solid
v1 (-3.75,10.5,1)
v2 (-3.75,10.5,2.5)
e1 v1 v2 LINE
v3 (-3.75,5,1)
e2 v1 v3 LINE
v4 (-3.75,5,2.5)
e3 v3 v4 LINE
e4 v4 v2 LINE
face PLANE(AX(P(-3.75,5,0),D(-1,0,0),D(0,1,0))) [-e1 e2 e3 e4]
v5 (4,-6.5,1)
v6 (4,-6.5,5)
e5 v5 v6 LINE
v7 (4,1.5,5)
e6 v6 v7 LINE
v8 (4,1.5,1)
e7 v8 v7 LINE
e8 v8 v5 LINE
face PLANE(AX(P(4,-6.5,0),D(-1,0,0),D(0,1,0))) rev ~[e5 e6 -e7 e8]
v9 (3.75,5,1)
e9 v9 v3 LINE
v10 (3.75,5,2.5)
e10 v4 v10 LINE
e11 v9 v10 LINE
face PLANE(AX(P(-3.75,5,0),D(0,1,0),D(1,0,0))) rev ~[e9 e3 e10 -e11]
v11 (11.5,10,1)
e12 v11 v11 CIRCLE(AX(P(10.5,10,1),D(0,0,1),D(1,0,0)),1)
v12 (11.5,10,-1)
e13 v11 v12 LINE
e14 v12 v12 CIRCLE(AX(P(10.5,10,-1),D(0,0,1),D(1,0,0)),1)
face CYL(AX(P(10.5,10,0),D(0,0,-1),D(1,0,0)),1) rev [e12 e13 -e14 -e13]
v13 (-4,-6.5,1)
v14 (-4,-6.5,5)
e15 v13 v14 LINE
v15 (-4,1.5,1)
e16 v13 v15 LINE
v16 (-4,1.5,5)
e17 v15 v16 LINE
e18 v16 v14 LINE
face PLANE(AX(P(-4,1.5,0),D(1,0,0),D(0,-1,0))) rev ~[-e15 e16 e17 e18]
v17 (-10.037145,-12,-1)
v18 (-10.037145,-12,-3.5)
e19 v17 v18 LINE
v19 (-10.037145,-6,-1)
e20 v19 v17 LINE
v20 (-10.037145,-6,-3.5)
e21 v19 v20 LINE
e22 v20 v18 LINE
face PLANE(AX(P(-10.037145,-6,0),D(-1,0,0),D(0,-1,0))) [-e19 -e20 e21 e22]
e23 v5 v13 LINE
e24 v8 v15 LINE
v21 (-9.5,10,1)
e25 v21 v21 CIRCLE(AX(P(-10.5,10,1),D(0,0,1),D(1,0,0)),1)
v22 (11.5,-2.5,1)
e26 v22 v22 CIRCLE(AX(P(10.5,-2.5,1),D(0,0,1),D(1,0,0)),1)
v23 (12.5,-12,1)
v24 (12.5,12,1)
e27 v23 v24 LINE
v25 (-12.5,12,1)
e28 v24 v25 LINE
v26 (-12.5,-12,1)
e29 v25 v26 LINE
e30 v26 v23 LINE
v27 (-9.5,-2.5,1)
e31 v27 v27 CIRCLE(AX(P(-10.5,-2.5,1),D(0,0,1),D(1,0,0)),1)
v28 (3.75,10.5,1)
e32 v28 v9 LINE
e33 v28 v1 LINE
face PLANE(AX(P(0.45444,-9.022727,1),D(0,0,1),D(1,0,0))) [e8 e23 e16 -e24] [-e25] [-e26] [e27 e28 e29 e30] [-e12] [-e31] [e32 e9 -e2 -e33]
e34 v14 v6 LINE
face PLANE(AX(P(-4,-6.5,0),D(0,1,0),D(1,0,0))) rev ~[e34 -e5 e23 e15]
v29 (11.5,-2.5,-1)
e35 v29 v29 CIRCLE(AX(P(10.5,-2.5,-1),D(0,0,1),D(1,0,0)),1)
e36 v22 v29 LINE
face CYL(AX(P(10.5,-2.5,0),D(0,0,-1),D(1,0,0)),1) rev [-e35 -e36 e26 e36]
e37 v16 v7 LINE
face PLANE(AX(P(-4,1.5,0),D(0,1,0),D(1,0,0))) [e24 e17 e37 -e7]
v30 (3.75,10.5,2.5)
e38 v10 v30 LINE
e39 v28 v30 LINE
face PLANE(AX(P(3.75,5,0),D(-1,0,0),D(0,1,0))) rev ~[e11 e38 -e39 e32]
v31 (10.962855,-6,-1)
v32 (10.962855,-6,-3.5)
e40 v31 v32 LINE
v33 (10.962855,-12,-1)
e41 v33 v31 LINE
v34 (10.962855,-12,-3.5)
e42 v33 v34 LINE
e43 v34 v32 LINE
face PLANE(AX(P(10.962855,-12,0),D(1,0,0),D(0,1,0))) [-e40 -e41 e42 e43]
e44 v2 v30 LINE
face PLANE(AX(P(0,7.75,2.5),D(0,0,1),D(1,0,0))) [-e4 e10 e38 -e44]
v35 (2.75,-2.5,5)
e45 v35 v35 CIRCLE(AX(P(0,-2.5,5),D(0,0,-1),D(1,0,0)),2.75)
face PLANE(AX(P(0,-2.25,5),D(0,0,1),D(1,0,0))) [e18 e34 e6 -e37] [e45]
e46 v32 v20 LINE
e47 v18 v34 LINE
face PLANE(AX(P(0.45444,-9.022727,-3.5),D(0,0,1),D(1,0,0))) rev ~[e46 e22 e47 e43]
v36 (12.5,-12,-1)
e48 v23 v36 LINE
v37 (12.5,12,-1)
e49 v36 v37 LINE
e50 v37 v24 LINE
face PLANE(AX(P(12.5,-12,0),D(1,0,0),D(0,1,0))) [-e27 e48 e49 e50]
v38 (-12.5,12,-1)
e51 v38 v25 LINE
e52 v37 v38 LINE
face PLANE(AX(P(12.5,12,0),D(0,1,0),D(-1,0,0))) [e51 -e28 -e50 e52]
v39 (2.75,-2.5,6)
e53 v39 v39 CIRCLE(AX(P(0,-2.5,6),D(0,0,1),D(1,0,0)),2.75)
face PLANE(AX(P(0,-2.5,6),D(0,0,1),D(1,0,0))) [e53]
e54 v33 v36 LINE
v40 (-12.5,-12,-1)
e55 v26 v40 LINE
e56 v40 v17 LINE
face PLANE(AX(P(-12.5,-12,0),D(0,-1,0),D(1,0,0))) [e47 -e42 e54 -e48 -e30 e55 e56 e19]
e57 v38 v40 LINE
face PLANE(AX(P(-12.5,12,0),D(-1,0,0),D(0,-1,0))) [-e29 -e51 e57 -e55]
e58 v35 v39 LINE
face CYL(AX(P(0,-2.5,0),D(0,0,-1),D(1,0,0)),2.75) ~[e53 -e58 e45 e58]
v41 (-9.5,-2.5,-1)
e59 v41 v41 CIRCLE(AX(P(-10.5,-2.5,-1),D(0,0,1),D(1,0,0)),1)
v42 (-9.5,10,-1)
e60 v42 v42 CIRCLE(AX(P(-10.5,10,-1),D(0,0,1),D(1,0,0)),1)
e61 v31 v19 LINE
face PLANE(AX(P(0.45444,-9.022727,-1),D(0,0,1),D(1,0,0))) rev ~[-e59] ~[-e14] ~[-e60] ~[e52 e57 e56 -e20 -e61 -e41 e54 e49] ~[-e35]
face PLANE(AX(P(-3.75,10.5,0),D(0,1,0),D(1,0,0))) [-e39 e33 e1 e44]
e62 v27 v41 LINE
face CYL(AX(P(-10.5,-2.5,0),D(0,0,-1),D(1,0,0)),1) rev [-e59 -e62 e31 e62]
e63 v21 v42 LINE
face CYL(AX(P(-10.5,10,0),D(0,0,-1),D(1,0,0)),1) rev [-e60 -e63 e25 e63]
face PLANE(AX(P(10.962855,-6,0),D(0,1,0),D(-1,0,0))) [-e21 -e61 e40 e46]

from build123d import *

# Parameters (mm, degrees)
F0_R     = 1
F0_W     = 7.5
F0_H     = 5.5
F0_W_2   = 8
F0_H_2   = 7.5
F0_R_2   = 2.75
F0_H_3   = 0.5
F1_DEPTH = 1
F2_DEPTH = 3.5
F3_DEPTH = 5
F4_DEPTH = 6
F5_DEPTH = 2.5


with BuildPart() as f1:
    # F0 (on Top) → F1 (new body, symmetric)
    with BuildSketch(Plane.XY):
        Polygon((-10.037144646, -6), (-10.037144646, -12), (10.962855354, -12), (10.962855354, -6), (4, -6), (4, -6.5), (-4, -6.5), (-4, -6), align=None)
        Polygon((12.5, 12), (-12.5, 12), (-12.5, -12), (-10.037144646, -12), (-10.037144646, -6), (-4, -6), (-4, 1.5), (4, 1.5), (4, -6), (10.962855354, -6), (10.962855354, -12), (12.5, -12), align=None)
        with Locations((-10.5, -2.5)):
            Circle(F0_R, mode=Mode.SUBTRACT)
        with Locations((10.5, -2.5)):
            Circle(F0_R, mode=Mode.SUBTRACT)
        with Locations((-10.5, 10)):
            Circle(F0_R, mode=Mode.SUBTRACT)
        with Locations((0, 7.75)):
            Rectangle(F0_W, F0_H, mode=Mode.SUBTRACT)
        with Locations((10.5, 10)):
            Circle(F0_R, mode=Mode.SUBTRACT)
        with Locations((0, 7.75)):
            Rectangle(F0_W, F0_H)
        with Locations((0, -2.25)):
            Rectangle(F0_W_2, F0_H_2)
        with Locations((0, -2.5)):
            Circle(F0_R_2, mode=Mode.SUBTRACT)
        with Locations((0, -2.5)):
            Circle(F0_R_2)
        with Locations((0, -6.25)):
            Rectangle(F0_W_2, F0_H_3)
    extrude(amount=F1_DEPTH, both=True)

    # F0 (on Top) → F2 (join)
    with BuildSketch(Plane.XY):
        Polygon((-10.037144646, -6), (-10.037144646, -12), (10.962855354, -12), (10.962855354, -6), (4, -6), (4, -6.5), (-4, -6.5), (-4, -6), align=None)
        with Locations((0, -6.25)):
            Rectangle(F0_W_2, F0_H_3)
    extrude(amount=-F2_DEPTH)

    # F0 (on Top) → F3 (join)
    with BuildSketch(Plane.XY):
        with Locations((0, -2.25)):
            Rectangle(F0_W_2, F0_H_2)
        with Locations((0, -2.5)):
            Circle(F0_R_2, mode=Mode.SUBTRACT)
        with Locations((0, -2.5)):
            Circle(F0_R_2)
        with Locations((0, -6.25)):
            Rectangle(F0_W_2, F0_H_3)
    extrude(amount=F3_DEPTH)

    # F0 (on Top) → F4 (join)
    with BuildSketch(Plane.XY):
        with Locations((0, -2.5)):
            Circle(F0_R_2)
    extrude(amount=F4_DEPTH)

    # F0 (on Top) → F5 (join)
    with BuildSketch(Plane.XY):
        with Locations((0, 7.75)):
            Rectangle(F0_W, F0_H)
    extrude(amount=F5_DEPTH)


solid = f1.part
